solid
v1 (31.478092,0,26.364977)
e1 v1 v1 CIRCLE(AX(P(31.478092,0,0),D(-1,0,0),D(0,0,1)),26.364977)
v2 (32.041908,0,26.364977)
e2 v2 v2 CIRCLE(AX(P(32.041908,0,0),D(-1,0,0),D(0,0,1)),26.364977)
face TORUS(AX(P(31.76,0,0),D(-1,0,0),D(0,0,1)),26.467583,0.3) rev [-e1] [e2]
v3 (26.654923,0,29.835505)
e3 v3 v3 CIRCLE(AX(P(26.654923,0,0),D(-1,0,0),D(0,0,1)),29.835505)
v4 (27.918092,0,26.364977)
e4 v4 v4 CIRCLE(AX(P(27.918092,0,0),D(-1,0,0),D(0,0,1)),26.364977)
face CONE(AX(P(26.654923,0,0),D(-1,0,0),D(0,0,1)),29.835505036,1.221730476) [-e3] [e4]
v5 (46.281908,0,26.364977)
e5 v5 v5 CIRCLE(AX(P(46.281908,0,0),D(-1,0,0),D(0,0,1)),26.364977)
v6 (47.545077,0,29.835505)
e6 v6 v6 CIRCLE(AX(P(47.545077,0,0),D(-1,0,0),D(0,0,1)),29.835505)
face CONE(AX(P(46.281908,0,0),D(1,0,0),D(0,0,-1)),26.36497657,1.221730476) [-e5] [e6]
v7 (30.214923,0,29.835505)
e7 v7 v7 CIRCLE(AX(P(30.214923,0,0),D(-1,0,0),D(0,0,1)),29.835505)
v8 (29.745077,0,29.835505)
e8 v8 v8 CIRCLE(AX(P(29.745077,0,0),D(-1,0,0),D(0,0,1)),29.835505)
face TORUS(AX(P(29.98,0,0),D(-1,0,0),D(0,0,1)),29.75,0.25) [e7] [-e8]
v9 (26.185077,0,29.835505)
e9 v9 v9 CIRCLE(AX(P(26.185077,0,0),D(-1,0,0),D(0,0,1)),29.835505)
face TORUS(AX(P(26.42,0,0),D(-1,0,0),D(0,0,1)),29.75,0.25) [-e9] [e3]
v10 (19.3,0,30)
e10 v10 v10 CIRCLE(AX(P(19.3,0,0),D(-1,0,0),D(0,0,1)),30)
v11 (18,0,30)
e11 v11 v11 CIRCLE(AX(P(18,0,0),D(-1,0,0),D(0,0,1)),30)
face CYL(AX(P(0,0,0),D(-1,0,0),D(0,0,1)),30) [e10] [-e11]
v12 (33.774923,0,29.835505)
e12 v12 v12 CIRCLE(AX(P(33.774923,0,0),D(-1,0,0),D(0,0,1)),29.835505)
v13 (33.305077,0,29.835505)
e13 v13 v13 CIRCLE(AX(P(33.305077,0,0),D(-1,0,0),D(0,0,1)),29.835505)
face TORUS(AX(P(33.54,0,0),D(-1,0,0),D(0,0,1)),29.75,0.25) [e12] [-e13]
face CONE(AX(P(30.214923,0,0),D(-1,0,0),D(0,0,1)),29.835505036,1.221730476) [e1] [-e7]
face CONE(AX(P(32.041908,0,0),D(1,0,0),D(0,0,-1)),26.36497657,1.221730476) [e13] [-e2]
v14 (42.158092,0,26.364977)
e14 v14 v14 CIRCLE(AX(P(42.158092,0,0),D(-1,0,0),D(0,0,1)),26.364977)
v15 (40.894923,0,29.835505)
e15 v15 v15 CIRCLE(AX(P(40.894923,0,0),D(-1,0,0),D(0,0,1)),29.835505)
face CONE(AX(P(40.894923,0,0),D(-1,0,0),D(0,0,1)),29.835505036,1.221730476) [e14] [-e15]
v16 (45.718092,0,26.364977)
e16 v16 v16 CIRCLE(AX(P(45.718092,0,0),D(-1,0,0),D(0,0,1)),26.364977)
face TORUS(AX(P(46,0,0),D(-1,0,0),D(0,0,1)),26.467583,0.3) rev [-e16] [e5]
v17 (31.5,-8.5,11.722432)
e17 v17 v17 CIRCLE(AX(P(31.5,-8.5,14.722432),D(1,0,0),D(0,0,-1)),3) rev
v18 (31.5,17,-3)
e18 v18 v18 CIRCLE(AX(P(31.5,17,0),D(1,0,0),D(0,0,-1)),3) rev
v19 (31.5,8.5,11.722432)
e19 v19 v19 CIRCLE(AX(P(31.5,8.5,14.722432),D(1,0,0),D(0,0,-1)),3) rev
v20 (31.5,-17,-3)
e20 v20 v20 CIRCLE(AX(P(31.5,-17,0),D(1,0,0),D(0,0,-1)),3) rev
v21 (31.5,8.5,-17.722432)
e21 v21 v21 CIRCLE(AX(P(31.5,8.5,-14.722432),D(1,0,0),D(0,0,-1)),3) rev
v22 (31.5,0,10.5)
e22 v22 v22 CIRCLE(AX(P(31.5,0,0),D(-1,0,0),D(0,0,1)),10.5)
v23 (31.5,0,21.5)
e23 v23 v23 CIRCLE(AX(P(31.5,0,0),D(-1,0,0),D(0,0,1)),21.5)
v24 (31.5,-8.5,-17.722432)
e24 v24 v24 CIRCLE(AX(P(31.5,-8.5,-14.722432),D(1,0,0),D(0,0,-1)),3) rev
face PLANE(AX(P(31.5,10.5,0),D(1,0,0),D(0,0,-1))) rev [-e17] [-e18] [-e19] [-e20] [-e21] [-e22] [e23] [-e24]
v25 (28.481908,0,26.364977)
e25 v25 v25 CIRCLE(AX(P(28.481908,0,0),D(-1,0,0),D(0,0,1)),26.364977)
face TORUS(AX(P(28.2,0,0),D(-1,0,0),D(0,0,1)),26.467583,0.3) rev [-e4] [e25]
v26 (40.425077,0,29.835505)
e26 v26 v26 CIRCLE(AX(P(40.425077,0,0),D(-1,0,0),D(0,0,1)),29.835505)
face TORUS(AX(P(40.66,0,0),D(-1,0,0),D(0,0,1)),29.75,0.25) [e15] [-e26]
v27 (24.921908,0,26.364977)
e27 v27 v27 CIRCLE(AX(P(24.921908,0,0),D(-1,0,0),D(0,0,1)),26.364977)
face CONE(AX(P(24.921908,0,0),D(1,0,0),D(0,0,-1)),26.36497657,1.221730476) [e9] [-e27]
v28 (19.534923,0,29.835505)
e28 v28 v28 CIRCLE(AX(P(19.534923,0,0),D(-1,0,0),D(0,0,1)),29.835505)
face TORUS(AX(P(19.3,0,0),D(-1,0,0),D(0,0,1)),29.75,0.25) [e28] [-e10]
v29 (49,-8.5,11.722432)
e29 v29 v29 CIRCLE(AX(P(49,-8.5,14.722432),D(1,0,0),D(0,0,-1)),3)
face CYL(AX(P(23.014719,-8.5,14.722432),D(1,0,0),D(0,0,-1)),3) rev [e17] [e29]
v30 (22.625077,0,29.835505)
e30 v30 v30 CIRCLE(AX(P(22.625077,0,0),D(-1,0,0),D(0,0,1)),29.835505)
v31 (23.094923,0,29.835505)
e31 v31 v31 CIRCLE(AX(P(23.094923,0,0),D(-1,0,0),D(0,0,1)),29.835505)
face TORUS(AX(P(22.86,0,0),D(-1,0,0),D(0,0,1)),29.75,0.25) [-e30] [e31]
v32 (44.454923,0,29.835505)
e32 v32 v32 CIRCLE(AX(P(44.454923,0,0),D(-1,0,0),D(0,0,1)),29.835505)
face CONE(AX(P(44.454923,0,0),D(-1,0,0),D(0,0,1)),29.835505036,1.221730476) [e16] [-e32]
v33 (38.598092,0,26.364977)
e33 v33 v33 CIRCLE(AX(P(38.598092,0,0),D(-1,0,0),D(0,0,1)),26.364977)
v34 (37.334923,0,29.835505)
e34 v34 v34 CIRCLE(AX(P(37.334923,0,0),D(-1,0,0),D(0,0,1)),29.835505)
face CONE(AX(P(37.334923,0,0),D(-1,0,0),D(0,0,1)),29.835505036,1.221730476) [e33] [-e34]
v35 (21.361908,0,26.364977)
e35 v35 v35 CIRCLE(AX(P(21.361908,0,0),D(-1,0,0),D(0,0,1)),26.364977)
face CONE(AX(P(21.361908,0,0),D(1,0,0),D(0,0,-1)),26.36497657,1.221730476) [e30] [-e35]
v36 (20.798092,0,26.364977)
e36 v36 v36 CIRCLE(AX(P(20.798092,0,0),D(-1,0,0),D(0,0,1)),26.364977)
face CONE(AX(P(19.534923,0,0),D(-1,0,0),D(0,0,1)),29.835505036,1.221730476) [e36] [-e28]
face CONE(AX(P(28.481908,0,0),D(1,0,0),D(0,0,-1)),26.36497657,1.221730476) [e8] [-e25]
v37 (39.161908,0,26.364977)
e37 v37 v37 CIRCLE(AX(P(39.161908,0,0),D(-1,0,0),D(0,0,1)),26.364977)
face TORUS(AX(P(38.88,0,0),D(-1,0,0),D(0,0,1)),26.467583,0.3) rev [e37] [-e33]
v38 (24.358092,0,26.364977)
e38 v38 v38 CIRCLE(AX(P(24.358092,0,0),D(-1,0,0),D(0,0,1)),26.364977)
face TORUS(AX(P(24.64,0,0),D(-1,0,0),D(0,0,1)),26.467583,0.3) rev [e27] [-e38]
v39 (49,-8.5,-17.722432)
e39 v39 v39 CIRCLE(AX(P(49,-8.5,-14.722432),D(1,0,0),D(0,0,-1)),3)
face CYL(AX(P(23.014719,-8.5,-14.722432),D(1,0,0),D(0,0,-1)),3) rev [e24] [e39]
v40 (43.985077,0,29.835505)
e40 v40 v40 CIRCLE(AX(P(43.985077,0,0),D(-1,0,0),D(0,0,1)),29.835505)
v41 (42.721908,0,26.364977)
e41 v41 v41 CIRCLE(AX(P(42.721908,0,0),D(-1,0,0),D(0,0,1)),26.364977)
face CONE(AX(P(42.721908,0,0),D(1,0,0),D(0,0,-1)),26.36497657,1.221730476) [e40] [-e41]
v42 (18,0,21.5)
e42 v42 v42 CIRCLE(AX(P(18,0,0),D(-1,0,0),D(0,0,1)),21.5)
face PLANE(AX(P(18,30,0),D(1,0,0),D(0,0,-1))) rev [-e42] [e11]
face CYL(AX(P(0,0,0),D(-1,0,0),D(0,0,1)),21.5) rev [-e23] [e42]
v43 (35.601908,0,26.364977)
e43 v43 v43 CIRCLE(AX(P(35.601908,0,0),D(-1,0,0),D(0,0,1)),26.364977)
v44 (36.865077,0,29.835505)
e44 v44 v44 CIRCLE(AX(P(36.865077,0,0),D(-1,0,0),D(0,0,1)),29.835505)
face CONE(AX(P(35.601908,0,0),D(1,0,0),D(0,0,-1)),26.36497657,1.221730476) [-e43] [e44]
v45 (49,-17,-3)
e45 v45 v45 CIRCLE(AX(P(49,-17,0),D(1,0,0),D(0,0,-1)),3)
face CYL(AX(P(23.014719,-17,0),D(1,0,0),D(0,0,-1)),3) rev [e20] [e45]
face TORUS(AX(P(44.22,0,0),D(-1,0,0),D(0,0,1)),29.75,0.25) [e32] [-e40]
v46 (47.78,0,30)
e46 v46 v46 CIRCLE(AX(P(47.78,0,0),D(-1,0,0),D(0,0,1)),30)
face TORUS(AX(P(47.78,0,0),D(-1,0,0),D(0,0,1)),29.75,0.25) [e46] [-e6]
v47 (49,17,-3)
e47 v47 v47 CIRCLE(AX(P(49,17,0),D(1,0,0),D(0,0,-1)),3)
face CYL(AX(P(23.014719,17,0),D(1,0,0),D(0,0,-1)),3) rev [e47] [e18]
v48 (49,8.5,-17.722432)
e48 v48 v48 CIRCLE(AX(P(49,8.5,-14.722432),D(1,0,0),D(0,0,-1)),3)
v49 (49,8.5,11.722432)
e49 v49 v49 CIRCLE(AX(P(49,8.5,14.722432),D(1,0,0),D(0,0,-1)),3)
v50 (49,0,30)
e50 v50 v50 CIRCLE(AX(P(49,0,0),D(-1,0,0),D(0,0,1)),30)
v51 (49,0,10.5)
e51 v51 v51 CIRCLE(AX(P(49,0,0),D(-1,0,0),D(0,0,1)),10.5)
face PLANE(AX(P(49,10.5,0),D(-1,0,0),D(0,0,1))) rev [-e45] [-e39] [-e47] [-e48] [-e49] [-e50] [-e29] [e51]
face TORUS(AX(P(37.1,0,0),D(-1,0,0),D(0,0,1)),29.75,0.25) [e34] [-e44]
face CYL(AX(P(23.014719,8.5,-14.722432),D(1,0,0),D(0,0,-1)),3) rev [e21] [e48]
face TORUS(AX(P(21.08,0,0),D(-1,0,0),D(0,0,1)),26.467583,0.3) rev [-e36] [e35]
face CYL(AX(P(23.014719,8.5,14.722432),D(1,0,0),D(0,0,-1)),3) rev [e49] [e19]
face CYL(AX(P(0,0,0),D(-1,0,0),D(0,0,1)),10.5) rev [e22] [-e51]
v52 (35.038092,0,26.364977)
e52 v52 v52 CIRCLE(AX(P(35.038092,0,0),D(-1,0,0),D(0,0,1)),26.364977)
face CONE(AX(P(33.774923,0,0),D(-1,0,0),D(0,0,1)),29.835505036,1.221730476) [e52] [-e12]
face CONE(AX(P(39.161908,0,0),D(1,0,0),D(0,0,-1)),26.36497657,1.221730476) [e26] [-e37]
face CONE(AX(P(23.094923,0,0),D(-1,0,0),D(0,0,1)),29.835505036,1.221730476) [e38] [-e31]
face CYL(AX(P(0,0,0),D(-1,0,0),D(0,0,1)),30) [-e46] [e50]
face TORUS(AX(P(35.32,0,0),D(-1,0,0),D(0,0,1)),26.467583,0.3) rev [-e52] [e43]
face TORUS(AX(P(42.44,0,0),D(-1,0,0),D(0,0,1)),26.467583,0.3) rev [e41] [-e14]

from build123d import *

# Parameters (mm, degrees)
LPATTERN1_COUNT    = 8
LPATTERN1_PITCH    = 3.56
SKETCH3_R          = 3
CUT_EXTRUDE1_DEPTH = 17.5


with BuildPart() as part:
    # Sketch1 → Revolve1 (revolve)
    with BuildSketch(Plane.XY, mode=Mode.PRIVATE) as revolve1_sk:
        Polygon((49, 10.5), (49, 30), (18, 30), (18, 21.5), (31.5, 21.5), (31.5, 10.5), align=None)
    revolve(revolve1_sk.sketch.rotate(Axis((0, 0, 0), (1, 0, 0)), 90), axis=Axis((0, 0, 0), (1, 0, 0)))

    # Sketch2 → Cut-Revolve1 (revolve, cut)
    with BuildSketch(Plane.XY, mode=Mode.PRIVATE) as cut_revolve1_sk:
        with BuildLine():
            Line((47.545076845, 29.835505036), (46.281907786, 26.36497657))
            ThreePointArc((46.281907786, 26.36497657), (46, 26.167582613), (45.718092214, 26.36497657))
            Line((45.718092214, 26.36497657), (44.454923155, 29.835505036))
            ThreePointArc((44.454923155, 29.835505036), (44.363394109, 29.954788011), (44.22, 30))
            Line((44.22, 30), (47.78, 30))
            ThreePointArc((47.78, 30), (47.636605891, 29.954788011), (47.545076845, 29.835505036))
        make_face()
    cut_revolve1 = revolve(cut_revolve1_sk.sketch.rotate(Axis((0, 0, 0), (1, 0, 0)), 90), axis=Axis((0, 0, 0), (1, 0, 0)), mode=Mode.SUBTRACT)

    # LPattern1: Cut-Revolve1 ×8
    with Locations(*[(-i * LPATTERN1_PITCH, 0, 0) for i in range(1, LPATTERN1_COUNT)]):
        add(cut_revolve1, mode=Mode.SUBTRACT)

    # Sketch3 → Cut-Extrude1 (cut)
    with BuildSketch(Plane(origin=(49, 0, 0), x_dir=(0, 0, -1), z_dir=(1, 0, 0))):
        with Locations((0, 17)):
            Circle(SKETCH3_R)
        with Locations((14.722431864, 8.5)):
            Circle(SKETCH3_R)
        with Locations((14.722431864, -8.5)):
            Circle(SKETCH3_R)
        with Locations((0, -17)):
            Circle(SKETCH3_R)
        with Locations((-14.722431864, -8.5)):
            Circle(SKETCH3_R)
        with Locations((-14.722431864, 8.5)):
            Circle(SKETCH3_R)
    extrude(amount=-CUT_EXTRUDE1_DEPTH, mode=Mode.SUBTRACT)


solid = part.part
